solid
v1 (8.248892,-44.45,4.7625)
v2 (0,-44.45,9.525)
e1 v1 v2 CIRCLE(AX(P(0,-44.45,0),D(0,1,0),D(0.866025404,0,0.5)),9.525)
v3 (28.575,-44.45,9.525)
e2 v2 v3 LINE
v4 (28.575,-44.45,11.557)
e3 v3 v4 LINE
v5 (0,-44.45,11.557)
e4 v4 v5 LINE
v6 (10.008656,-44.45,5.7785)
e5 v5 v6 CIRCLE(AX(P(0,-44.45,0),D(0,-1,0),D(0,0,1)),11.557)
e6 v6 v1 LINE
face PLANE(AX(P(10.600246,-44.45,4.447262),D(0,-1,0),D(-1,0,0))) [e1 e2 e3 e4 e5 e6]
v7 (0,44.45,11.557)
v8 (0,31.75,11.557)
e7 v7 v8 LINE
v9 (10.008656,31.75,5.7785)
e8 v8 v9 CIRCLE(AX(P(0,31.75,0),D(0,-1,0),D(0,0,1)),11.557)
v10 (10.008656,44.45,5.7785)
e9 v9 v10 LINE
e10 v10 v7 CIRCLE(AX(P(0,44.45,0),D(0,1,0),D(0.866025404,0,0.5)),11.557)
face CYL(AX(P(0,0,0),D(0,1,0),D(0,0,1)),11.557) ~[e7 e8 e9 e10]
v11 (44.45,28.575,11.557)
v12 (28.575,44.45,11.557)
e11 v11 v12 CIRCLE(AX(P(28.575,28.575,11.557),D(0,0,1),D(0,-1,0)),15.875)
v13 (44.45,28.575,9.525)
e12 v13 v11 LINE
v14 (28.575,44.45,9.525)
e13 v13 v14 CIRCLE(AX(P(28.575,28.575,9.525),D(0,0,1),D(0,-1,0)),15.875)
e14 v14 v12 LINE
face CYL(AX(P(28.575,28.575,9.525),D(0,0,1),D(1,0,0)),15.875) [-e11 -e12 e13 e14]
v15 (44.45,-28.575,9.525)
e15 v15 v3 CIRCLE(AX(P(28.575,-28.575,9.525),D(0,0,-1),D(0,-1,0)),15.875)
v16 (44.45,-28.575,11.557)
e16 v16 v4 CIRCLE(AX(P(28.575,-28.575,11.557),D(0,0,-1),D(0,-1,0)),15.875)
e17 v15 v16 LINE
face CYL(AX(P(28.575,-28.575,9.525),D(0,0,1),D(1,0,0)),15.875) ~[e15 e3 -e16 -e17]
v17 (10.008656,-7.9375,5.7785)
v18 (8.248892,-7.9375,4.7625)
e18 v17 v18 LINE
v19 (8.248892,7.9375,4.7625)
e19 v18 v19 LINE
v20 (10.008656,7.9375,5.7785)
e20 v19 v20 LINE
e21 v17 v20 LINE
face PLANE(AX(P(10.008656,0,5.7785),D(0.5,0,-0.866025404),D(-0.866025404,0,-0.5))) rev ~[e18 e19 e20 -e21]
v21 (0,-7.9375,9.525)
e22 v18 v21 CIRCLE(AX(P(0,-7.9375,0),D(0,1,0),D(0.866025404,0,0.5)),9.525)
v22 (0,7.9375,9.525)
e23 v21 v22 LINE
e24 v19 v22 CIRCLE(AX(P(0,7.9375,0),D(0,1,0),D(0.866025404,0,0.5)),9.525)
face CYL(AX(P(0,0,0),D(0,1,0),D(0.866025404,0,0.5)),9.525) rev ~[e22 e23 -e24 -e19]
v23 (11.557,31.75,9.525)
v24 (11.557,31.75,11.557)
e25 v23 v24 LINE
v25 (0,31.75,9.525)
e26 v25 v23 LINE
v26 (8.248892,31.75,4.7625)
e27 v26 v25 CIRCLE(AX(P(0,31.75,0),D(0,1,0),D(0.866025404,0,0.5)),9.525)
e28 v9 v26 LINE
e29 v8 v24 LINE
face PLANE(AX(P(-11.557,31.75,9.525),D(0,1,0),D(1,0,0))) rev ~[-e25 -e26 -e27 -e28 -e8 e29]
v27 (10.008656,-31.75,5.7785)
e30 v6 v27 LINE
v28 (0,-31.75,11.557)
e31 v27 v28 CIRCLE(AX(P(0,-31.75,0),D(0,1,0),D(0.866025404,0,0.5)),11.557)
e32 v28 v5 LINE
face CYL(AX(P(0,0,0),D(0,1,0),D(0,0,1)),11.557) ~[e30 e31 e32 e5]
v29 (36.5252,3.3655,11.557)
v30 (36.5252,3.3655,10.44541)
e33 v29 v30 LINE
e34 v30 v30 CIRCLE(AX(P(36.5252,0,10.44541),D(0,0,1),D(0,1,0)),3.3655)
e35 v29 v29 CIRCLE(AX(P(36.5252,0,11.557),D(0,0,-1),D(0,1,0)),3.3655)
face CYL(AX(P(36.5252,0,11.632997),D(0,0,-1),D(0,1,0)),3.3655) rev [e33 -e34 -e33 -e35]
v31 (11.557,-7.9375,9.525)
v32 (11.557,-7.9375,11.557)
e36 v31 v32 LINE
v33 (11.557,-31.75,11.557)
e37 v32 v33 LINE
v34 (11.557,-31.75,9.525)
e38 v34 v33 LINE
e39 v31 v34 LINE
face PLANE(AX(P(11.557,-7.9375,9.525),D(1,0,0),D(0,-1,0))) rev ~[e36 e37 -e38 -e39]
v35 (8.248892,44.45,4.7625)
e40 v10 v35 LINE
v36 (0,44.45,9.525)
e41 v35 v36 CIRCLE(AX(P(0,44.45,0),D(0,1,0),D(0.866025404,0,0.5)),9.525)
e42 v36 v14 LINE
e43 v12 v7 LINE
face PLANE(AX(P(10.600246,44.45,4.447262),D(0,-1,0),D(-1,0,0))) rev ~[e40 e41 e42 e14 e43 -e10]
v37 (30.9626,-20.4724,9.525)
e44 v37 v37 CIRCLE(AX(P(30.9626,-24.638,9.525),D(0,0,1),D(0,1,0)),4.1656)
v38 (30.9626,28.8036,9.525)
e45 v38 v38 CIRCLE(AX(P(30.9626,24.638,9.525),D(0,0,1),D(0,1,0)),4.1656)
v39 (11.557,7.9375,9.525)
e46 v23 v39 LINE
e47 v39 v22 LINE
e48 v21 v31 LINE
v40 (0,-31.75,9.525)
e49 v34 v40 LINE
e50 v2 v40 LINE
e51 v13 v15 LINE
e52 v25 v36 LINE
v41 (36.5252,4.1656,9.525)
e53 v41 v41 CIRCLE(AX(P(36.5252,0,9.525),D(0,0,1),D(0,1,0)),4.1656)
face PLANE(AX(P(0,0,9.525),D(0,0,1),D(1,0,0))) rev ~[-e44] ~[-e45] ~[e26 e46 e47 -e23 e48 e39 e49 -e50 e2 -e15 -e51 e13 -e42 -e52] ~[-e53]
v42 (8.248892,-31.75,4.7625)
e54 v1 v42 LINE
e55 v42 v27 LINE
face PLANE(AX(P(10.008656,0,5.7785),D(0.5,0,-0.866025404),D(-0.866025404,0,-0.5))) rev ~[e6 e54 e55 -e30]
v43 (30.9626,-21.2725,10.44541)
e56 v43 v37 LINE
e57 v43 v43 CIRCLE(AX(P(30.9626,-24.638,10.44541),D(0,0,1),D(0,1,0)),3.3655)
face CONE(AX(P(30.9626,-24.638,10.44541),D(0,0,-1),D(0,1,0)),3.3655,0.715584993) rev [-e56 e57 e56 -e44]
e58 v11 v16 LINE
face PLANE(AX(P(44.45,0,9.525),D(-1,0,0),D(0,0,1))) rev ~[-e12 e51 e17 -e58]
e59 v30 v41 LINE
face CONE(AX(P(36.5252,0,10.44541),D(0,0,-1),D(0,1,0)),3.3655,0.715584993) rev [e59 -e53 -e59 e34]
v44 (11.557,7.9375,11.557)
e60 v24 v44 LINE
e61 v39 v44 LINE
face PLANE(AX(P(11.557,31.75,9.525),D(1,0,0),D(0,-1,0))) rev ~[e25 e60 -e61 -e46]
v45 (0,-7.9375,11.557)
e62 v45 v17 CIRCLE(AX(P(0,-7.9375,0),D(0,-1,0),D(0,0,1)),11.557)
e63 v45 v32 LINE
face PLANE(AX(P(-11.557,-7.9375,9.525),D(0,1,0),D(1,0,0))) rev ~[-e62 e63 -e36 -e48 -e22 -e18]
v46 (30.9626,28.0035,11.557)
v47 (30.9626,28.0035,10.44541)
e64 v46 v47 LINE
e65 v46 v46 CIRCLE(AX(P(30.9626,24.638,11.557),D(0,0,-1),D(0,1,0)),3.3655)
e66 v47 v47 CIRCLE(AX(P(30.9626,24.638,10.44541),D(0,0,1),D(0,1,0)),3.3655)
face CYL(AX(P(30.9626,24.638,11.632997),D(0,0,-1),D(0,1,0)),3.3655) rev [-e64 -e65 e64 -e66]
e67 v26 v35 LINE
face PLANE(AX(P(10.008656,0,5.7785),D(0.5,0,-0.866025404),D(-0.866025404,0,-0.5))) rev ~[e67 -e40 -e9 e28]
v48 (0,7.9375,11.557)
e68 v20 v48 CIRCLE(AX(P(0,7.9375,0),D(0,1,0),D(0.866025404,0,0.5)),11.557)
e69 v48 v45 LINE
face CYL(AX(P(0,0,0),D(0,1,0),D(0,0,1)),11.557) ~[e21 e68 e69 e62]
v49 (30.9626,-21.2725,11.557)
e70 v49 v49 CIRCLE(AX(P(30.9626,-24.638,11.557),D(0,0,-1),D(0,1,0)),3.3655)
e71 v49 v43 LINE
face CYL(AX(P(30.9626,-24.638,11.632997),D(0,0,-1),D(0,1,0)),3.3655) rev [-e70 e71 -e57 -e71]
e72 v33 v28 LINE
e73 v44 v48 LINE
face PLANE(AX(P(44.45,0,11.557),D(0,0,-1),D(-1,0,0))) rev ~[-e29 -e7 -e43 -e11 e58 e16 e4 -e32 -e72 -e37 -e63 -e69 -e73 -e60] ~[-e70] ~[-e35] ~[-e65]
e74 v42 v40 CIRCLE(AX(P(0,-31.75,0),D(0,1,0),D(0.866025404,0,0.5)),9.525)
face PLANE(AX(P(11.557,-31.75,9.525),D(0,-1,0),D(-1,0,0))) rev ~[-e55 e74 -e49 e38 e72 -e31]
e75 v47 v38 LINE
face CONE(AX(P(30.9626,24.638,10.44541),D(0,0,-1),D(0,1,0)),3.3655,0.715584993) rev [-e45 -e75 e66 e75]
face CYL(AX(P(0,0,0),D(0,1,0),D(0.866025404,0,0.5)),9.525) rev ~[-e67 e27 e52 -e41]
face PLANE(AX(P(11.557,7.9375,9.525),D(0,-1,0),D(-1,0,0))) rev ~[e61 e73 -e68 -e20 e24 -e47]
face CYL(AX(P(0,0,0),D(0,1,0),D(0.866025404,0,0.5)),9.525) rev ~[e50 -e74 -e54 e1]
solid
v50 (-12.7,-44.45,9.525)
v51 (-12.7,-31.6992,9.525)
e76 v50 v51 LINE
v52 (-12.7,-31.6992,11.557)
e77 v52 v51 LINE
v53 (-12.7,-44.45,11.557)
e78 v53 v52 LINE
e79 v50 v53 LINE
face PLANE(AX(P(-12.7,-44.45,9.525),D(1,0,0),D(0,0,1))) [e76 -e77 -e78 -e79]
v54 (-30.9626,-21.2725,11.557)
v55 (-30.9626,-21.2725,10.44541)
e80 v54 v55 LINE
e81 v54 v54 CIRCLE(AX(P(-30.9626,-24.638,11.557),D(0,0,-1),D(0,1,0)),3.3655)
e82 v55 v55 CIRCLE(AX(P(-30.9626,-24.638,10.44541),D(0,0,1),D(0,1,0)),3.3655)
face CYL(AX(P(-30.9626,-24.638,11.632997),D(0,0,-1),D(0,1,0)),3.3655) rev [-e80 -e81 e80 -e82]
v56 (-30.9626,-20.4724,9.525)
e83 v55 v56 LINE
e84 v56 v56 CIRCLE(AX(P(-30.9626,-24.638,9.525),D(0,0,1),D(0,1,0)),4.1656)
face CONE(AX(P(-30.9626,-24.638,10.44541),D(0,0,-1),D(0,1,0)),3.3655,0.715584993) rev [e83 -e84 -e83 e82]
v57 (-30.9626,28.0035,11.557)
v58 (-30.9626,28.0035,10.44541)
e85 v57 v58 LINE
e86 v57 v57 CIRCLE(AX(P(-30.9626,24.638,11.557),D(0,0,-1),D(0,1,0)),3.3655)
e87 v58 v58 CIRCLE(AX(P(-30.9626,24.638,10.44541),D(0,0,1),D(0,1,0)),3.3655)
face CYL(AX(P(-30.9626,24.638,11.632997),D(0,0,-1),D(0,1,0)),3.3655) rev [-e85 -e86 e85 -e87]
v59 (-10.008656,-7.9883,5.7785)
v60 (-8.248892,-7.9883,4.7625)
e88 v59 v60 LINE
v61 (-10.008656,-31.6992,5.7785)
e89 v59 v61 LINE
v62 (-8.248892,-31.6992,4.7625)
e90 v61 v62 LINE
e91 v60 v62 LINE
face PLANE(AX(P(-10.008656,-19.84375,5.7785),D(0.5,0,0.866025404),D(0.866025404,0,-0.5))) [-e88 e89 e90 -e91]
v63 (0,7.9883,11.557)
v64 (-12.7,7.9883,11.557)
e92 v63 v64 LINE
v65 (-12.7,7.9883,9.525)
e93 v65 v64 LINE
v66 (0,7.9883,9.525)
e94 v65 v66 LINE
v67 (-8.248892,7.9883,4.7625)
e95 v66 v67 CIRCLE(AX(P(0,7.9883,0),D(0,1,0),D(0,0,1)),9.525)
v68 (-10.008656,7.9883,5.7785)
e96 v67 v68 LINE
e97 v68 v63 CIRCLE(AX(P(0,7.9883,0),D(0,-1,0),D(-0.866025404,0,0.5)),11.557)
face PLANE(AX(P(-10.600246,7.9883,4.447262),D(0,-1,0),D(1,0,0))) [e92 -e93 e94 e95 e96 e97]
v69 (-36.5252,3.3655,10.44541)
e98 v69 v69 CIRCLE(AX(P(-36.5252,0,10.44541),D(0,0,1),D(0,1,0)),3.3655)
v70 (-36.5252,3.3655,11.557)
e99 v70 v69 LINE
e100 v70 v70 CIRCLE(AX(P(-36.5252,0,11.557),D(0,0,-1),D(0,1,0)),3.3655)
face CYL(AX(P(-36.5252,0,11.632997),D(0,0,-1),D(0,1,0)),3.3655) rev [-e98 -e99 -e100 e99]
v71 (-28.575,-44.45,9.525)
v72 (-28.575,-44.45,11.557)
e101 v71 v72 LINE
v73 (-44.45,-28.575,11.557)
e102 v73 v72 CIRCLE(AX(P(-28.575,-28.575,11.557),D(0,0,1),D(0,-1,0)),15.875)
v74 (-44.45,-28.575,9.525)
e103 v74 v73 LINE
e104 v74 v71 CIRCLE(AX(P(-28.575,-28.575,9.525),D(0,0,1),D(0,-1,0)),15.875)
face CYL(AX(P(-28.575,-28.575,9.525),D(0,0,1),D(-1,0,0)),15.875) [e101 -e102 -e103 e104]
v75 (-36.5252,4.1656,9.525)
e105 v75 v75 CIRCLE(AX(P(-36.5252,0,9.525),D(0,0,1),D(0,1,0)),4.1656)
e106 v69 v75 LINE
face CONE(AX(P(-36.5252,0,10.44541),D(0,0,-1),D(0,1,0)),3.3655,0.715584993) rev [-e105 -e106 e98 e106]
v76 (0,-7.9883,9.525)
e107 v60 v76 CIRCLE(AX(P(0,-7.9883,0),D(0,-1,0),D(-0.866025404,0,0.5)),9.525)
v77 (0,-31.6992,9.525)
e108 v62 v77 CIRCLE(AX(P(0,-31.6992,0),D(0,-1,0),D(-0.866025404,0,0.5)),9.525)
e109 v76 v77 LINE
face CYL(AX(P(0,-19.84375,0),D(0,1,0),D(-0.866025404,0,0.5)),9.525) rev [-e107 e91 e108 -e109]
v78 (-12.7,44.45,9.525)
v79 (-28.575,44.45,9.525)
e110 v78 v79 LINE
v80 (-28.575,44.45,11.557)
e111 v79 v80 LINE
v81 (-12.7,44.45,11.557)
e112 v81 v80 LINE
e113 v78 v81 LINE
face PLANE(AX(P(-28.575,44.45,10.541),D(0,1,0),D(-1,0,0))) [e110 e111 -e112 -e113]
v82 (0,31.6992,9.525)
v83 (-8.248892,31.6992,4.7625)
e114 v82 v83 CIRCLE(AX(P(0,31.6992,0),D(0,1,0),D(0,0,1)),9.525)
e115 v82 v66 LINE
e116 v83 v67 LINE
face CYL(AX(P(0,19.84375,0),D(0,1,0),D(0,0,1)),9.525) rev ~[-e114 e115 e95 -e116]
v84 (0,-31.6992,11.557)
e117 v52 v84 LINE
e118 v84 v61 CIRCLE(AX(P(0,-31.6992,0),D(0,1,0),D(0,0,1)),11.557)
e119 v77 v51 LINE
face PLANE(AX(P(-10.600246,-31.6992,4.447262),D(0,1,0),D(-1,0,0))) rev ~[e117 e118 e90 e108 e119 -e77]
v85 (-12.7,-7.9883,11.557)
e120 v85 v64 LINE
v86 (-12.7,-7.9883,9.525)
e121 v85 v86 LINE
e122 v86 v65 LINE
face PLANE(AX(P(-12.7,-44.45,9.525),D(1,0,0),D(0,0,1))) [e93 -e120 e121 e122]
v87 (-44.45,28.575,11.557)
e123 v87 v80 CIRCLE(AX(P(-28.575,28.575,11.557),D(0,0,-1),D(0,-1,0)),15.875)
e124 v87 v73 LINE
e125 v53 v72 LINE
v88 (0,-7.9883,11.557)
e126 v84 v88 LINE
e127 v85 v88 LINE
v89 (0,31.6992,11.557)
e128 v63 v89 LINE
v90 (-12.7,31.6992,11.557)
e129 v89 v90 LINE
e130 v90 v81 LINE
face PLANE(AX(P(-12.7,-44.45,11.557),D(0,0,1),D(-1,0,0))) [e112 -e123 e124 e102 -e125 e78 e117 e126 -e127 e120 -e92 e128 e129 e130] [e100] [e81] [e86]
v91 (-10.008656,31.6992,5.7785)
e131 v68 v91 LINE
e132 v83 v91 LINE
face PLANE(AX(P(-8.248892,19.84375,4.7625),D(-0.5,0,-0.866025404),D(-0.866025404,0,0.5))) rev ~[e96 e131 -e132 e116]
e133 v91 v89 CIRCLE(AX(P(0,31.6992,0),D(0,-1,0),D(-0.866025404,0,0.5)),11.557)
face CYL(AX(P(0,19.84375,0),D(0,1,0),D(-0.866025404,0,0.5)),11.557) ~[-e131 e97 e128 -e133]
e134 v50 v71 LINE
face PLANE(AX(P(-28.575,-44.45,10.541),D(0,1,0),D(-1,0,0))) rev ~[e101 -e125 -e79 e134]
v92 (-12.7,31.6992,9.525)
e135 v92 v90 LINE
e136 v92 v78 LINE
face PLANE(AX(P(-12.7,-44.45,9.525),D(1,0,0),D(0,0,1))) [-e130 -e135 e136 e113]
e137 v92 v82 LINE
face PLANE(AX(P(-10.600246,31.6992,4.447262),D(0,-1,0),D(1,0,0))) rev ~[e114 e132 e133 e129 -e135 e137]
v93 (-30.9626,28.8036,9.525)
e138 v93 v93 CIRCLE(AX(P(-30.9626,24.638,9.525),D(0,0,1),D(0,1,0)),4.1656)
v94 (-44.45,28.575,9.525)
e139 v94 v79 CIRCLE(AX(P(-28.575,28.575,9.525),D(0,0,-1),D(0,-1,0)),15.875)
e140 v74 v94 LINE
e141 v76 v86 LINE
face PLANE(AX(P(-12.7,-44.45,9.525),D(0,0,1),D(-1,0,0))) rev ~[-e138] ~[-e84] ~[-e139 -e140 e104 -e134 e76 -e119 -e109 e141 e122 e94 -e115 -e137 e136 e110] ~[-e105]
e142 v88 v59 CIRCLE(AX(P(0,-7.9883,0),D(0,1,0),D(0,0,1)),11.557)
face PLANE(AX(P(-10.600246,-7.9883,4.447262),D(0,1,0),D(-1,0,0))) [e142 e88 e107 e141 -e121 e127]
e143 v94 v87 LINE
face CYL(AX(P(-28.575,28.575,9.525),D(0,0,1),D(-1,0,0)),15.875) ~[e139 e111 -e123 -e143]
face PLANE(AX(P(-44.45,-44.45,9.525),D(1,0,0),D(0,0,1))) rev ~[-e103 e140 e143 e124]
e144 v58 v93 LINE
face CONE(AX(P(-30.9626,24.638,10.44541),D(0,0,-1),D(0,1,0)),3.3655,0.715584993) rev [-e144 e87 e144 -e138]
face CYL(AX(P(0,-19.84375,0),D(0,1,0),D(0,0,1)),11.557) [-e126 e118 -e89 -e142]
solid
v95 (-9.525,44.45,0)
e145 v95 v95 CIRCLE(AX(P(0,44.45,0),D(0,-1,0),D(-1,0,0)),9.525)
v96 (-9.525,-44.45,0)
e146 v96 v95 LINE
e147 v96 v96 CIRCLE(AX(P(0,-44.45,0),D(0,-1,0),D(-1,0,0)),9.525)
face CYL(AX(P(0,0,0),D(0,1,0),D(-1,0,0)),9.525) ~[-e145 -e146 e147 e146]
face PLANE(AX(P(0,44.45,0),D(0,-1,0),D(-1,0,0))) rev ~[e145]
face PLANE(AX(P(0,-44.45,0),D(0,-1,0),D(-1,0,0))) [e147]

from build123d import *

# Parameters (mm, degrees)
EXTRUDE1_DEPTH                                = 44.45
CUT_EXTRUDE1_DEPTH                            = 22.082
CUT_EXTRUDE1_DEPTH_BACK                       = 3.032
EXTRUDE2_DEPTH                                = 11.85545
EXTRUDE2_DEPTH_BACK                           = 11.85545
EXTRUDE3_DEPTH                                = 11.85545
EXTRUDE3_DEPTH_BACK                           = 11.85545
EXTRUDE4_START                                = -24.60625
SKETCH5_W                                     = 31.75
SKETCH5_H                                     = 2.032
EXTRUDE4_DEPTH                                = 88.9
SKETCH6_W                                     = 9.525
SKETCH6_H                                     = 88.9
CSK_FOR_8_FLAT_HEAD_MACHINE_SCREW2_AT_2_COUNT = 2
CSK_FOR_8_FLAT_HEAD_MACHINE_SCREW2_AT_2_PITCH = 25.258138545
CSK_FOR_8_FLAT_HEAD_MACHINE_SCREW2_AT_3_COUNT = 2
CSK_FOR_8_FLAT_HEAD_MACHINE_SCREW2_AT_3_PITCH = 25.258138545
CSK_FOR_8_FLAT_HEAD_MACHINE_SCREW2_AT_4_COUNT = 2
CSK_FOR_8_FLAT_HEAD_MACHINE_SCREW2_AT_4_PITCH = 71.844514007
CSK_FOR_8_FLAT_HEAD_MACHINE_SCREW2_AT_5_COUNT = 2
CSK_FOR_8_FLAT_HEAD_MACHINE_SCREW2_AT_5_PITCH = 73.0504
CSK_FOR_8_FLAT_HEAD_MACHINE_SCREW2_AT_6_COUNT = 2
CSK_FOR_8_FLAT_HEAD_MACHINE_SCREW2_AT_6_PITCH = 71.844514007
FILLET1_R                                     = 15.875
FILLET2_R                                     = 15.875
FILLET3_R                                     = 15.875
FILLET4_R                                     = 15.875


with BuildPart() as part:
    # Sketch1 → Extrude1 (new body, symmetric)
    with BuildSketch(Plane(origin=(0, 0, 0), x_dir=(1, 0, 0), z_dir=(0, 1, 0))):
        with BuildLine():
            Line((0, -9.525), (44.45, -9.525))
            Line((44.45, -9.525), (44.45, -11.557))
            Line((44.45, -11.557), (0, -11.557))
            ThreePointArc((0, -11.557), (-5.7785, 10.008655592), (10.008655592, -5.7785))
            Line((10.008655592, -5.7785), (8.248891971, -4.7625))
            ThreePointArc((8.248891971, -4.7625), (-4.7625, 8.248891971), (0, -9.525))
        make_face()
    extrude(amount=EXTRUDE1_DEPTH, both=True)

    # Sketch2 → Cut-Extrude1 (cut, two sides)
    with BuildSketch(Plane(origin=(0, 0, 9.525), x_dir=(-1, 0, 0), z_dir=(0, 0, -1))) as cut_extrude1_sk:
        Polygon((11.557, 264.592751947), (11.557, 44.45), (11.557, 31.75), (-11.557, 31.75), (-11.557, 7.9375), (11.557, 7.9375), (11.557, -7.9375), (-11.557, -7.9375), (-11.557, -31.75), (11.557, -31.75), (11.557, -44.45), (11.557, -264.592751947), (451.842503895, -264.592751947), (451.842503895, 264.592751947), align=None)
    extrude(amount=CUT_EXTRUDE1_DEPTH, mode=Mode.SUBTRACT)
    extrude(cut_extrude1_sk.sketch, amount=-CUT_EXTRUDE1_DEPTH_BACK, mode=Mode.SUBTRACT)


with BuildPart() as body_2:
    # Sketch3 → Extrude2 (new body, two sides)
    with BuildSketch(Plane(origin=(0, 19.84375, 0), x_dir=(-1, 0, 0), z_dir=(0, 1, 0))) as extrude2_sk:
        with BuildLine():
            Line((44.45, 11.557), (44.45, 9.525))
            Line((44.45, 9.525), (0, 9.525))
            ThreePointArc((0, 9.525), (-4.7625, -8.248891971), (8.248891971, 4.7625))
            Line((8.248891971, 4.7625), (10.008655592, 5.7785))
            ThreePointArc((10.008655592, 5.7785), (-5.7785, -10.008655592), (0, 11.557))
            Line((0, 11.557), (44.45, 11.557))
        make_face()
    extrude(amount=EXTRUDE2_DEPTH)
    extrude(extrude2_sk.sketch, amount=-EXTRUDE2_DEPTH_BACK)



with BuildPart() as body_3:
    # Sketch4 → Extrude3 (new body, two sides)
    with BuildSketch(Plane(origin=(0, -19.84375, 0), x_dir=(-1, 0, 0), z_dir=(0, 1, 0))) as extrude3_sk:
        with BuildLine():
            Line((0, 9.525), (44.45, 9.525))
            Line((44.45, 9.525), (44.45, 11.557))
            Line((44.45, 11.557), (0, 11.557))
            ThreePointArc((0, 11.557), (-5.7785, -10.008655592), (10.008655592, 5.7785))
            Line((10.008655592, 5.7785), (8.248891971, 4.7625))
            ThreePointArc((8.248891971, 4.7625), (-4.7625, -8.248891971), (0, 9.525))
        make_face()
    extrude(amount=EXTRUDE3_DEPTH)
    extrude(extrude3_sk.sketch, amount=-EXTRUDE3_DEPTH_BACK)


with BuildPart() as body_2_1:
    add(body_2.part)

    add(body_3.part)  # Extrude4 merges body 3
    # Sketch5 → Extrude4 (add)
    with BuildSketch(Plane(origin=(0, -19.84375, 0), x_dir=(-1, 0, 0), z_dir=(0, 1, 0)).offset(EXTRUDE4_START)):
        with Locations((28.575, 10.541)):
            Rectangle(SKETCH5_W, SKETCH5_H)
    extrude(amount=EXTRUDE4_DEPTH)

    # Sketch9 → CSK for #8 Flat Head Machine Screw2 (revolve, cut)
    with BuildSketch(Plane(origin=(-36.5252, 0, 9.525), x_dir=(0, 1, 0), z_dir=(1, 0, 0))):
        Polygon((0, 0), (0, 4.130193213), (3.3655, 2.1079968), (3.3655, 0.920409763), (4.1656, 0), align=None)
    csk_for_8_flat_head_machine_screw2 = revolve(axis=Axis((-36.5252, 0, 3.175), (0, 0, 1)), mode=Mode.SUBTRACT)

    # CSK for #8 Flat Head Machine Screw2 at 2: CSK for #8 Flat Head Machine Screw2 ×2
    with Locations(*[Vector(0.220230006, 0.975447971, 0) * (i * CSK_FOR_8_FLAT_HEAD_MACHINE_SCREW2_AT_2_PITCH) for i in range(1, CSK_FOR_8_FLAT_HEAD_MACHINE_SCREW2_AT_2_COUNT)]):
        add(csk_for_8_flat_head_machine_screw2, mode=Mode.SUBTRACT)

    # CSK for #8 Flat Head Machine Screw2 at 3: CSK for #8 Flat Head Machine Screw2 ×2
    with Locations(*[Vector(0.220230006, -0.975447971, 0) * (i * CSK_FOR_8_FLAT_HEAD_MACHINE_SCREW2_AT_3_PITCH) for i in range(1, CSK_FOR_8_FLAT_HEAD_MACHINE_SCREW2_AT_3_COUNT)]):
        add(csk_for_8_flat_head_machine_screw2, mode=Mode.SUBTRACT)

    # Fillet3
    fillet3_edges = [body_2_1.edges().sort_by_distance(p)[0] for p in [
        (-44.45, 44.45, 10.541),
    ]]
    fillet(fillet3_edges, radius=FILLET3_R)

    # Fillet4
    fillet4_edges = [body_2_1.edges().sort_by_distance(p)[0] for p in [
        (-44.45, -44.45, 10.541),
    ]]
    fillet(fillet4_edges, radius=FILLET4_R)


with BuildPart() as body_3_2:
    # Sketch6 → Revolve1 (revolve)
    with BuildSketch(Plane.XY):
        with Locations((-4.7625, 0)):
            Rectangle(SKETCH6_W, SKETCH6_H)
    revolve(axis=Axis((0, 42.361566849, 0), (0, -1, 0)))


with BuildPart() as part_1:
    add(part.part)

    # CSK for #8 Flat Head Machine Screw2 at 4: CSK for #8 Flat Head Machine Screw2 ×2
    with Locations(*[Vector(0.939359128, -0.342935022, 0) * (i * CSK_FOR_8_FLAT_HEAD_MACHINE_SCREW2_AT_4_PITCH) for i in range(1, CSK_FOR_8_FLAT_HEAD_MACHINE_SCREW2_AT_4_COUNT)]):
        add(csk_for_8_flat_head_machine_screw2, mode=Mode.SUBTRACT)

    # CSK for #8 Flat Head Machine Screw2 at 5: CSK for #8 Flat Head Machine Screw2 ×2
    with Locations(*[(i * CSK_FOR_8_FLAT_HEAD_MACHINE_SCREW2_AT_5_PITCH, 0, 0) for i in range(1, CSK_FOR_8_FLAT_HEAD_MACHINE_SCREW2_AT_5_COUNT)]):
        add(csk_for_8_flat_head_machine_screw2, mode=Mode.SUBTRACT)

    # CSK for #8 Flat Head Machine Screw2 at 6: CSK for #8 Flat Head Machine Screw2 ×2
    with Locations(*[Vector(0.939359128, 0.342935022, 0) * (i * CSK_FOR_8_FLAT_HEAD_MACHINE_SCREW2_AT_6_PITCH) for i in range(1, CSK_FOR_8_FLAT_HEAD_MACHINE_SCREW2_AT_6_COUNT)]):
        add(csk_for_8_flat_head_machine_screw2, mode=Mode.SUBTRACT)

    # Fillet1
    fillet1_edges = [part_1.edges().sort_by_distance(p)[0] for p in [
        (44.45, 44.45, 10.541),
    ]]
    fillet(fillet1_edges, radius=FILLET1_R)

    # Fillet2
    fillet2_edges = [part_1.edges().sort_by_distance(p)[0] for p in [
        (44.45, -44.45, 10.541),
    ]]
    fillet(fillet2_edges, radius=FILLET2_R)


solid = Compound([body_2_1.part, body_3_2.part, part_1.part])
